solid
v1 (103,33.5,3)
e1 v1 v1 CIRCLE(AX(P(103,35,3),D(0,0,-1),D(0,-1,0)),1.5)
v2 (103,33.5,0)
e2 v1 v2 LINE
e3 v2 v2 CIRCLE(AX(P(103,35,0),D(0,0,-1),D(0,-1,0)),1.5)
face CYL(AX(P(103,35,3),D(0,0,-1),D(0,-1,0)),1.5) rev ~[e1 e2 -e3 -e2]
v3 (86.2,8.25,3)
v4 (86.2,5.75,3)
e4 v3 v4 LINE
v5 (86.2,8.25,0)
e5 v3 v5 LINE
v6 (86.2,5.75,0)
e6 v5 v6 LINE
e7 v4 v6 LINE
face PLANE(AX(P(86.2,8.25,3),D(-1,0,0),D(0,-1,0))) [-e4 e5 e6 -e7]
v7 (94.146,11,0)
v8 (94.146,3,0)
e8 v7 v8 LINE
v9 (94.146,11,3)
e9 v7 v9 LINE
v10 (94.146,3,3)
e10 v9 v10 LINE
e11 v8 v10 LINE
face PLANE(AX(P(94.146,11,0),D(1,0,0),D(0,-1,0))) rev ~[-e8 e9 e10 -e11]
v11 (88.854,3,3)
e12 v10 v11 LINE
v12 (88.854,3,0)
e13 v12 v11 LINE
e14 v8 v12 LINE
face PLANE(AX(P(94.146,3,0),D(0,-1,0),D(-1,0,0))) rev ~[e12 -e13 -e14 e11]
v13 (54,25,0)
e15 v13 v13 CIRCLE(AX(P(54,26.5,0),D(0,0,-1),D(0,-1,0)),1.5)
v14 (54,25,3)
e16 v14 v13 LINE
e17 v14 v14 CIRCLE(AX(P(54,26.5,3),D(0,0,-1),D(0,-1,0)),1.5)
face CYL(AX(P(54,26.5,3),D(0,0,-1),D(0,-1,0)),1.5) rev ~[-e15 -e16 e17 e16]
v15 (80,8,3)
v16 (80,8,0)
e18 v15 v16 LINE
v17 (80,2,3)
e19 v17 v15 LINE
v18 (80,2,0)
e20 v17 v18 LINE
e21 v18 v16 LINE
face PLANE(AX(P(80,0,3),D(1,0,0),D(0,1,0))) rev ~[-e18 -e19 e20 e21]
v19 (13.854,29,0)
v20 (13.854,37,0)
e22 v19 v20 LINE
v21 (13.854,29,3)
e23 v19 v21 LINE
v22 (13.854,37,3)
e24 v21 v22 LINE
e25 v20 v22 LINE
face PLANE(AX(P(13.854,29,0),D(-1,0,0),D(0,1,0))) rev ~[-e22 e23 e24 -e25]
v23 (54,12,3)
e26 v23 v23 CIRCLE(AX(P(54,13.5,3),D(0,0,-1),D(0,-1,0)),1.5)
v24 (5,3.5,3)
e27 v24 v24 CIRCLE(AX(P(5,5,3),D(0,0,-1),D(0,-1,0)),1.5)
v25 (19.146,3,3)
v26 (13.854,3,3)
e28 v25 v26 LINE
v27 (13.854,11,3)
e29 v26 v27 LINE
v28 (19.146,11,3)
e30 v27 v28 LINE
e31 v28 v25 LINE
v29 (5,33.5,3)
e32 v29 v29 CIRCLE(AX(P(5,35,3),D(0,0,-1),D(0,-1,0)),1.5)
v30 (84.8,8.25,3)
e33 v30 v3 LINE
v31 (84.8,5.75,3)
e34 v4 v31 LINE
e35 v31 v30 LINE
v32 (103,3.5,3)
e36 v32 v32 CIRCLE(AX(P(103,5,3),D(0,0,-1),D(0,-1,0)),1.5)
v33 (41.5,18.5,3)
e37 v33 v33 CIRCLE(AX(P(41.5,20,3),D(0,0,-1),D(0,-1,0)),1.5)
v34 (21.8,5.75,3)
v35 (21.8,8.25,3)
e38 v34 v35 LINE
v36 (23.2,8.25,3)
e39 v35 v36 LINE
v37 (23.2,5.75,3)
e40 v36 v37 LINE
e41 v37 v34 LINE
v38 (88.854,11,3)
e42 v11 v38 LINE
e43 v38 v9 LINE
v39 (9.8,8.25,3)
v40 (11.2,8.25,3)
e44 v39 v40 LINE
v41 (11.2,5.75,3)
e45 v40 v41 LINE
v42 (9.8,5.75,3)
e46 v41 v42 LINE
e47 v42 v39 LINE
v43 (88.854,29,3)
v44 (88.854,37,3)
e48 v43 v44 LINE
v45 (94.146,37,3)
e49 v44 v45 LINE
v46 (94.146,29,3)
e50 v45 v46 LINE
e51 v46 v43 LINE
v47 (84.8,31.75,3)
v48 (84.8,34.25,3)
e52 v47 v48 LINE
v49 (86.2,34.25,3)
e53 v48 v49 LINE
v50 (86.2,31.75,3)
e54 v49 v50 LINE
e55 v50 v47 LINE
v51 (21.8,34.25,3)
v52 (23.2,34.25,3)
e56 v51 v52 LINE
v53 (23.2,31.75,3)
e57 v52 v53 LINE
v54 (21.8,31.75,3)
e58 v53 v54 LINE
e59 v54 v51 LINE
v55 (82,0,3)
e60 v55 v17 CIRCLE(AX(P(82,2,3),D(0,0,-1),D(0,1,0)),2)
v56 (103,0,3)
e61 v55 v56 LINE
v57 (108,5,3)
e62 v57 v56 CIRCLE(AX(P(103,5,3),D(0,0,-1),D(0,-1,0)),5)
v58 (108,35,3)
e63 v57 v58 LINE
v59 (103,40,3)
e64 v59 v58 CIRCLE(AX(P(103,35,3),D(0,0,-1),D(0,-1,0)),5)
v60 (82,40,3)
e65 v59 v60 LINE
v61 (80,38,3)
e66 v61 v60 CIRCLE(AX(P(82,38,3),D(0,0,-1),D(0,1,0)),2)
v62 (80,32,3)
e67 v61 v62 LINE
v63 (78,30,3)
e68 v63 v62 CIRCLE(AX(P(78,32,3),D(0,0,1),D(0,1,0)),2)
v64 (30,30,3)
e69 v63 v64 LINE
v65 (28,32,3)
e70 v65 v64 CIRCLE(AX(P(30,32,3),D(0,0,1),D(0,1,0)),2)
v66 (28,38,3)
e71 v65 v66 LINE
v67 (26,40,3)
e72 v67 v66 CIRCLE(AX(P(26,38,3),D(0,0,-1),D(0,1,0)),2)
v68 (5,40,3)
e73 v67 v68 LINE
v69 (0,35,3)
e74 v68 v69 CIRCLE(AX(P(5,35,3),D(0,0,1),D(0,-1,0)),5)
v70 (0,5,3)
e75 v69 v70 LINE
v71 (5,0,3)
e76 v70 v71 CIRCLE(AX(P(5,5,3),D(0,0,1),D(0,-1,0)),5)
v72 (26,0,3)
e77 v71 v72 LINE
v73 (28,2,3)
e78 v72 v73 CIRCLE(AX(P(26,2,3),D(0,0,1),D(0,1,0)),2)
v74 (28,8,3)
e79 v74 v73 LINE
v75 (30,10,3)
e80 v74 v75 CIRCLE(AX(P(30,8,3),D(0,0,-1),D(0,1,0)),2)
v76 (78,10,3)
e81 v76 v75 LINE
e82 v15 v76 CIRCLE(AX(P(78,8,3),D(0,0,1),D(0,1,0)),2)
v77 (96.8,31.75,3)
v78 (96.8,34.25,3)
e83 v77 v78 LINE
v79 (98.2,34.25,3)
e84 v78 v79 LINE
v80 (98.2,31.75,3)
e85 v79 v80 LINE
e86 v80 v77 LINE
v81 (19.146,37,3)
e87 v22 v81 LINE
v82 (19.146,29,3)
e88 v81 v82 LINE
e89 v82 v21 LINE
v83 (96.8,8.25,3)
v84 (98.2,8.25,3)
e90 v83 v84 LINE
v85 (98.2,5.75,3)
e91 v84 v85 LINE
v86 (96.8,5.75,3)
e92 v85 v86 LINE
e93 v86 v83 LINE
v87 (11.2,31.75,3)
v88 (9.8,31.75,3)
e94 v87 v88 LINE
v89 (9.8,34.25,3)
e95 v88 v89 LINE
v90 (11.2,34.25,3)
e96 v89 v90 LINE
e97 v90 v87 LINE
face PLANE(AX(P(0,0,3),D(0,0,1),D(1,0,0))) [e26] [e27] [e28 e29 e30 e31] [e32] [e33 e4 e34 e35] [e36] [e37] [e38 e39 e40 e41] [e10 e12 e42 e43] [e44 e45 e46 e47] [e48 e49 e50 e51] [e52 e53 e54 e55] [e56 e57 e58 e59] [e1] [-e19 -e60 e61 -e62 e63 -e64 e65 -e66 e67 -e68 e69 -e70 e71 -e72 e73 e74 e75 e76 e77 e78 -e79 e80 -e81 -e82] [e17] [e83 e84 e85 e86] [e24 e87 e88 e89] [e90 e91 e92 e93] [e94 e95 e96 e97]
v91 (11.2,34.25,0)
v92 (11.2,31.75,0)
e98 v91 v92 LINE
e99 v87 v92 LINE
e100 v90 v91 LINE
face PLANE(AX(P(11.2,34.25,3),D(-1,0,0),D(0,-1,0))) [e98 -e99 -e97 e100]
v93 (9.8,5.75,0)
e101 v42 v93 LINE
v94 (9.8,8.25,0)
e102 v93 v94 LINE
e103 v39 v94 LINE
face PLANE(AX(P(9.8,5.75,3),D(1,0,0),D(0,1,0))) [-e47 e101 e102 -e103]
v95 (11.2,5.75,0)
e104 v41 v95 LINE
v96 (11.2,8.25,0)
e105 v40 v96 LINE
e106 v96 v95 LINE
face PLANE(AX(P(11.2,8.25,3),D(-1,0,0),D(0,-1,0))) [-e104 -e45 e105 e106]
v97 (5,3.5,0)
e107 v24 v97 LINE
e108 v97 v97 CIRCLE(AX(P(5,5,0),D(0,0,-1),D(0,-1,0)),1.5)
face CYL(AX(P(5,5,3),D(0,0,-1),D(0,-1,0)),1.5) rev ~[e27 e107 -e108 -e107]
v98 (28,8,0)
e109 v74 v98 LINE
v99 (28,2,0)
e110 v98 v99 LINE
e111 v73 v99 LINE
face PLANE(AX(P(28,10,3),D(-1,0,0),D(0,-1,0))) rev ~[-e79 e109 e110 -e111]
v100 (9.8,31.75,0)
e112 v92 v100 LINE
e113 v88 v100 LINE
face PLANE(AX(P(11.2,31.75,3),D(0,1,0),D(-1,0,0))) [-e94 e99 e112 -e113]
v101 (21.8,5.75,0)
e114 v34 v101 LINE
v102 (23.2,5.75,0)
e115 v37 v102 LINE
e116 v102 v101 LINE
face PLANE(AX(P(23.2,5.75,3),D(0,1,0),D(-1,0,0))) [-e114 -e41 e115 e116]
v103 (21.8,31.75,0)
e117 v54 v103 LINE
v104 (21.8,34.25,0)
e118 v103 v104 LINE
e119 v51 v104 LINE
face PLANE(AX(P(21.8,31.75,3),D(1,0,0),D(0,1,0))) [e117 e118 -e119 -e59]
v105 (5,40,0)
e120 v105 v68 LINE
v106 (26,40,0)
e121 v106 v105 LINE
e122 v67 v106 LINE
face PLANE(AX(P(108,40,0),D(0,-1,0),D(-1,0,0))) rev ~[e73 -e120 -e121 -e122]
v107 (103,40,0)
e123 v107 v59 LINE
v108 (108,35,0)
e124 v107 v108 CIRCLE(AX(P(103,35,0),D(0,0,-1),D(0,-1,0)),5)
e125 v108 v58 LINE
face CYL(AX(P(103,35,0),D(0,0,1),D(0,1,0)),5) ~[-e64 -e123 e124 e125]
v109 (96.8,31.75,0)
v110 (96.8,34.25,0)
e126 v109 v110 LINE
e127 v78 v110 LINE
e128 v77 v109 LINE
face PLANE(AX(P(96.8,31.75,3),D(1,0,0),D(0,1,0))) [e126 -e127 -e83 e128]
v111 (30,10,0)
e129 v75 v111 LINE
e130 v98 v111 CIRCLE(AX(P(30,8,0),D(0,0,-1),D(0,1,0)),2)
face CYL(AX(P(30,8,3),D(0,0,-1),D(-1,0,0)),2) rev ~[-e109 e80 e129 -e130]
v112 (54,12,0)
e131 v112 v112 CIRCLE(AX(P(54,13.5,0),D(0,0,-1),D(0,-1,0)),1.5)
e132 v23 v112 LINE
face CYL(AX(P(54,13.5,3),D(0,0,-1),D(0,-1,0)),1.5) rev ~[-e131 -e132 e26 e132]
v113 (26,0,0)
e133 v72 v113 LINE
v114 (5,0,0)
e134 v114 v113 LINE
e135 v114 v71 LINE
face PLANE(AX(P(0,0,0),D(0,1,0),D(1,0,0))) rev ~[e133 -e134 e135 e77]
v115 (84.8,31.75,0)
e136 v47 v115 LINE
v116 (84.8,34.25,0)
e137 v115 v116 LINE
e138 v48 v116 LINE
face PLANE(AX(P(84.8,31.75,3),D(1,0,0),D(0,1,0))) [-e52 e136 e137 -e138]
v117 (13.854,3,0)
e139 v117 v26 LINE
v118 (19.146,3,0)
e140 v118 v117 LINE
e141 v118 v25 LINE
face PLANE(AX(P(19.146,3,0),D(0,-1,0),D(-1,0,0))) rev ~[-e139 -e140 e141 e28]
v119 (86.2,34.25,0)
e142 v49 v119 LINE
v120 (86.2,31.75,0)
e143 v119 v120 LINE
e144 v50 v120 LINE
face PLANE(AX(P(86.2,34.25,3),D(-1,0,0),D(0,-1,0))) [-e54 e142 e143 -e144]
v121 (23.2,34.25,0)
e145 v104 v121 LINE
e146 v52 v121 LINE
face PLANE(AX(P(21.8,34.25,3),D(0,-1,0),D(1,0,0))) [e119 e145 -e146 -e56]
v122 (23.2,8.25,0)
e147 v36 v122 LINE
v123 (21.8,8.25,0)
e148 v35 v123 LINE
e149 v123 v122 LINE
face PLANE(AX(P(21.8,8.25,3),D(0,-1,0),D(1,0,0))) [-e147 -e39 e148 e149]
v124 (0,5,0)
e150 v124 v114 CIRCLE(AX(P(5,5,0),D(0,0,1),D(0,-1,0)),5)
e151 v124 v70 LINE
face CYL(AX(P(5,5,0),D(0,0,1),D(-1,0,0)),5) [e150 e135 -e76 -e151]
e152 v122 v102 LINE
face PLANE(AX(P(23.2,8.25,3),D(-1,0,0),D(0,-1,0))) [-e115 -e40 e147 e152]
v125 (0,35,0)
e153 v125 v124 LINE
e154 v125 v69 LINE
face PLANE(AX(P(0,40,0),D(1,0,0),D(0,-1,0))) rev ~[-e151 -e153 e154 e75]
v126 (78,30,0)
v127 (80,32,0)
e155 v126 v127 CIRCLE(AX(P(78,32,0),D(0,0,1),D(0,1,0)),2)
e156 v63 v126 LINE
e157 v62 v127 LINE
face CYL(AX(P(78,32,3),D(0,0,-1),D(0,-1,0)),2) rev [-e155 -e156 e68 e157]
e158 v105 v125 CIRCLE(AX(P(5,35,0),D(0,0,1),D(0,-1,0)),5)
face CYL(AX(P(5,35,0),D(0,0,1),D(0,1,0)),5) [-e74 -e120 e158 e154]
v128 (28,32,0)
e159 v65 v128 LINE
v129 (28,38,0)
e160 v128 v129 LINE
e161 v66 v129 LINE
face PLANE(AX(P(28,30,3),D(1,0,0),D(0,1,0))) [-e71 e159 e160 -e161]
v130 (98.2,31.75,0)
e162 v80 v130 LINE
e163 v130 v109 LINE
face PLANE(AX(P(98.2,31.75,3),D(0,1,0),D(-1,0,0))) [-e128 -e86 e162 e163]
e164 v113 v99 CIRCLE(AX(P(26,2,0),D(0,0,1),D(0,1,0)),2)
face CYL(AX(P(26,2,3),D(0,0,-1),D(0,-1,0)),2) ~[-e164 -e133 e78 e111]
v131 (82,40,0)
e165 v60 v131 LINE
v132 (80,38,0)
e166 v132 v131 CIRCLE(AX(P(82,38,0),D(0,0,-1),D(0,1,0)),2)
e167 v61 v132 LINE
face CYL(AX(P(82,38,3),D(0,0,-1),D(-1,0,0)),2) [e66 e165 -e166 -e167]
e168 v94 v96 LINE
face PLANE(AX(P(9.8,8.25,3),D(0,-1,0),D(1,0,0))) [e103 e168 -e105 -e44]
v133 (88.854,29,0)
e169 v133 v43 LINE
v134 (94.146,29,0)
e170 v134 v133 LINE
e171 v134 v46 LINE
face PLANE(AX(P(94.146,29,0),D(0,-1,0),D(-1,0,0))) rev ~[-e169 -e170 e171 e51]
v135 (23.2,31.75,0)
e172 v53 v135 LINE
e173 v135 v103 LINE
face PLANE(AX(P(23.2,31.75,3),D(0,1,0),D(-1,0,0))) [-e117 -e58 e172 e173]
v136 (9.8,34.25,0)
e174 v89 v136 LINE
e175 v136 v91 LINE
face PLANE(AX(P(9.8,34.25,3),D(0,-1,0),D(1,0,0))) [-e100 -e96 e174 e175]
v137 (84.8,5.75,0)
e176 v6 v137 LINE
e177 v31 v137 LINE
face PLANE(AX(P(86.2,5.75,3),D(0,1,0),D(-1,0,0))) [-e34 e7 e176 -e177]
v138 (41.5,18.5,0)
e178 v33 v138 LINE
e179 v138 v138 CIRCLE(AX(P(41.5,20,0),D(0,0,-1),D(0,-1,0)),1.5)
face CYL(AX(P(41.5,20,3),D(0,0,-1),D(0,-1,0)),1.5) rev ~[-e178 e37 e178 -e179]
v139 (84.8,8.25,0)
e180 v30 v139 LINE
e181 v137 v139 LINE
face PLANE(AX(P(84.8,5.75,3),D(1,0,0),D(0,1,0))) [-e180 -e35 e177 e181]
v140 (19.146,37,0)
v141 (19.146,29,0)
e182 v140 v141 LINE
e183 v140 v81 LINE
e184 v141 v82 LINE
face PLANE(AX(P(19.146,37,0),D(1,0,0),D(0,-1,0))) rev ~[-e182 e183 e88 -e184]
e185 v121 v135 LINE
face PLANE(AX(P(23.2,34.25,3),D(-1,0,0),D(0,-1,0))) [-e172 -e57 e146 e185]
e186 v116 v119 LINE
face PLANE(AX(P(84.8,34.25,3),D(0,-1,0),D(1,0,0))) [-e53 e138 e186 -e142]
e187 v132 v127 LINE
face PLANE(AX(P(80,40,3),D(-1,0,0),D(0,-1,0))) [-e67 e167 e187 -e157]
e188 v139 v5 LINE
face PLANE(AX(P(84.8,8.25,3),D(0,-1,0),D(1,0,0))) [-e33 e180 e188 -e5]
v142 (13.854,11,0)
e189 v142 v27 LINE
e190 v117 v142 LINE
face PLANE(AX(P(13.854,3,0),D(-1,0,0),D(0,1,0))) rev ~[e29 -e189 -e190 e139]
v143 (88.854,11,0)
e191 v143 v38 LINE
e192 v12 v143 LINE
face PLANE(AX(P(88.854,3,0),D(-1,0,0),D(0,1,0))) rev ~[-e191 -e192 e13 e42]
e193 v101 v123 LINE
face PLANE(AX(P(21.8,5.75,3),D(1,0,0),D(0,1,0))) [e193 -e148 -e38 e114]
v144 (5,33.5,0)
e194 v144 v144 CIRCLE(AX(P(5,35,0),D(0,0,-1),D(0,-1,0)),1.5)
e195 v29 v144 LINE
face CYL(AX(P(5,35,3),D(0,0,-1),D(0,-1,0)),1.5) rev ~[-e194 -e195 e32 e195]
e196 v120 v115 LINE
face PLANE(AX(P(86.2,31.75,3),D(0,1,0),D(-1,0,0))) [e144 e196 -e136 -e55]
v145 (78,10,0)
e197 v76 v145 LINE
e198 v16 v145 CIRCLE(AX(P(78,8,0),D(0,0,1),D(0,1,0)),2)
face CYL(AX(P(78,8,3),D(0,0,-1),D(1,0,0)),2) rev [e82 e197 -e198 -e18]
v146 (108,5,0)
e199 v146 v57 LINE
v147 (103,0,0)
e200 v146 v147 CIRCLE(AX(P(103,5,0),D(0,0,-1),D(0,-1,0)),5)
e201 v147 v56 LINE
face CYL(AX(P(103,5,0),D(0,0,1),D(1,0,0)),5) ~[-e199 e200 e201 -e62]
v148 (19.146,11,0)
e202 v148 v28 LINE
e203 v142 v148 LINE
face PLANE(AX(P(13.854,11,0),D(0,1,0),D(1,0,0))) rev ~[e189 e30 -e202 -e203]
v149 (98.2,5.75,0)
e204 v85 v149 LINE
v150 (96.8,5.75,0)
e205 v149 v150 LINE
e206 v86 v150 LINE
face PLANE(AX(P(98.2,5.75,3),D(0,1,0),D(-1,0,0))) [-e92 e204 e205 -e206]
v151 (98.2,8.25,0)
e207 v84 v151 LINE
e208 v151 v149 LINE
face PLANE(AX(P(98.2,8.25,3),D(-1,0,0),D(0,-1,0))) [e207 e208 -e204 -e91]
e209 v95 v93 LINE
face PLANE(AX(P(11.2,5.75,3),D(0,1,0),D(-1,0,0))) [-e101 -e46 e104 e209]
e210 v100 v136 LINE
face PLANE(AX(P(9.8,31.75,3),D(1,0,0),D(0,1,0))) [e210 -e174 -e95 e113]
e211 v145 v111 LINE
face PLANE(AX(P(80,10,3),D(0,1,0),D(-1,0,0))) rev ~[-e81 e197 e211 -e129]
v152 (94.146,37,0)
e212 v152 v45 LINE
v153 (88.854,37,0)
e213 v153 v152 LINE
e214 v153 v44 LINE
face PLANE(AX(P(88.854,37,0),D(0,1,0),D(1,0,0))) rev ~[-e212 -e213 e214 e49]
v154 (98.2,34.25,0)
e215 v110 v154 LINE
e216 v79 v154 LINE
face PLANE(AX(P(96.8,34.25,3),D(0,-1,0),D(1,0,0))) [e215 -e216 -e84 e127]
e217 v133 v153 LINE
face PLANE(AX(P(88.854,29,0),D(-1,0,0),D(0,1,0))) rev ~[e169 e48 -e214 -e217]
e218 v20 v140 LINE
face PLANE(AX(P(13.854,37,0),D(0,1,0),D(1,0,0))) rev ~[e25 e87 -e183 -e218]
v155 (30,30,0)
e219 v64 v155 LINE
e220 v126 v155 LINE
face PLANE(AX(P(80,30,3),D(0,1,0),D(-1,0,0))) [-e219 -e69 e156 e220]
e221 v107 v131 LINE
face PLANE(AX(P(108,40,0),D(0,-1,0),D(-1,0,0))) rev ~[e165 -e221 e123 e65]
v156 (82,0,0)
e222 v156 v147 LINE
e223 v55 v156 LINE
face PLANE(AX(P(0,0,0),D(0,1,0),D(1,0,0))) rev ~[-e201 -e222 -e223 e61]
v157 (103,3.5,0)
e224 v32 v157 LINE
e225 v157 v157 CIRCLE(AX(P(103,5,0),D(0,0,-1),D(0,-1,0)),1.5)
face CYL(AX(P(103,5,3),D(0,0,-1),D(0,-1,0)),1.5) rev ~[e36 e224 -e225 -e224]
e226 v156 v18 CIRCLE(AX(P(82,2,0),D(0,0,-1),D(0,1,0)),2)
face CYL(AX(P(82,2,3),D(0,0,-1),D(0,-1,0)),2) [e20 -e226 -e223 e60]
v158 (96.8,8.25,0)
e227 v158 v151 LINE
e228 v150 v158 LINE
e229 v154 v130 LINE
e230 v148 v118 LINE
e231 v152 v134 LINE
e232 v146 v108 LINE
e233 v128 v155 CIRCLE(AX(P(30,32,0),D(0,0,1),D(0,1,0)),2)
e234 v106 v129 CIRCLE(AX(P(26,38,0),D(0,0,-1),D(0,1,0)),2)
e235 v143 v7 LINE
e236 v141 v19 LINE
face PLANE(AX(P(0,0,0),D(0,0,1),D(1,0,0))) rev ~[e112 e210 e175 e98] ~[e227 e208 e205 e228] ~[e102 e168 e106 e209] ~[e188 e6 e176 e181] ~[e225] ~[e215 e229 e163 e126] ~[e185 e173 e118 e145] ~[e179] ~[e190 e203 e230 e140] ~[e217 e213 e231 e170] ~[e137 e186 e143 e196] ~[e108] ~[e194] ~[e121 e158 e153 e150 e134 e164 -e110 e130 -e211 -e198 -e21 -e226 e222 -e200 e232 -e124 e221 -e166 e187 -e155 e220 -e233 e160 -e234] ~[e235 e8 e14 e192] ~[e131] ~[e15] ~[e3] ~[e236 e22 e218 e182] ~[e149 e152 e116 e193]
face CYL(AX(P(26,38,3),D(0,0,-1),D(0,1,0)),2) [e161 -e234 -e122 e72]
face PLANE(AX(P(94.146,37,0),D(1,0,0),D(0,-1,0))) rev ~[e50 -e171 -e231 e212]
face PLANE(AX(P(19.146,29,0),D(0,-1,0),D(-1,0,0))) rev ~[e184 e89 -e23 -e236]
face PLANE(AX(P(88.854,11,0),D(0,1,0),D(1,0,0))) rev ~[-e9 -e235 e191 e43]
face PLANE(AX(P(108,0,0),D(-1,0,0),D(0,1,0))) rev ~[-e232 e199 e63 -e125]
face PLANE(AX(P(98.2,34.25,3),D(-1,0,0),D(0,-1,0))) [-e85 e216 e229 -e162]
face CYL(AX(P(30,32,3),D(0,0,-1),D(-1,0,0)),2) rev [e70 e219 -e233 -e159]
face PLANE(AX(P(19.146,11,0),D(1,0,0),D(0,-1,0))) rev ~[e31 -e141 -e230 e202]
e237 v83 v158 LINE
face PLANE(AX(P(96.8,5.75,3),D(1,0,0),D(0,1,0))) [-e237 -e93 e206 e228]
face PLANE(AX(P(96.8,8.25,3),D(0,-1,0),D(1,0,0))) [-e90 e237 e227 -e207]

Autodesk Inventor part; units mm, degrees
ref_plane "YZ Plane" through (0, 0, 0) normal (1, 0, 0) x (0, 1, 0)
ref_plane "XZ Plane" through (0, 0, 0) normal (0, 1, 0) x (-1, 0, 0)
ref_plane "XY Plane" through (0, 0, 0) normal (0, 0, 1) x (1, 0, 0)
sketch "Sketch1" plane through (0, 0, 0) normal (0, 0, 1) x (1, 0, 0)
  line L0 (0, 0) -> (108, 0)
  line L1 (108, 0) -> (108, 40)
  line L2 (108, 40) -> (0, 40)
  line L3 (0, 40) -> (0, 0)
  line L4 (13.854, 37) -> (19.146, 37)
  line L5 (19.146, 37) -> (19.146, 29)
  line L6 (19.146, 29) -> (13.854, 29)
  line L7 (13.854, 29) -> (13.854, 37)
  line L8 (13.854, 11) -> (19.146, 11)
  line L9 (19.146, 11) -> (19.146, 3)
  line L10 (19.146, 3) -> (13.854, 3)
  line L11 (13.854, 3) -> (13.854, 11)
  line L12 (88.854, 37) -> (94.146, 37)
  line L13 (94.146, 37) -> (94.146, 29)
  line L14 (94.146, 29) -> (88.854, 29)
  line L15 (88.854, 29) -> (88.854, 37)
  line L16 (88.854, 11) -> (94.146, 11)
  line L17 (94.146, 11) -> (94.146, 3)
  line L18 (94.146, 3) -> (88.854, 3)
  line L19 (88.854, 3) -> (88.854, 11)
  dimension "d0" = 40
  dimension "d1" = 108
  dimension "d73" = 8
  dimension "d74" = 5.292
  dimension "d75" = 3
  dimension "d76" = 13.854
  dimension "d77" = 5.292
  dimension "d78" = 8
  dimension "d79" = 3
  dimension "d80" = 5.292
  dimension "d81" = 8
  dimension "d82" = 13.854
  dimension "d83" = 3
  dimension "d84" = 5.292
  dimension "d85" = 13.854
extrude "Extrusion1" add sketch "Sketch1" along normal blind 3
sketch "Sketch3" plane through (0, 0, 3) normal (0, 0, 1) x (1, 0, 0)
  line L0 (0, 0) -> (0, 40) projected
  line L1 (108, 0) -> (0, 0) projected
  line L2 (0, 40) -> (108, 40) projected
  point P0 (54, 26.5)
  point P1 (54, 13.5)
  dimension "d56" = 54
  dimension "d57" = 13.5
  dimension "d58" = 13.5
  dimension "d59" = 54
hole "Hole1" at (54, 26.5, 3) at (54, 13.5, 3) direction (0, 0, -1) diameter 3 end through all
sketch "Sketch8" plane through (0, 0, 3) normal (0, 0, 1) x (1, 0, 0)
  line L0 (108, 0) -> (0, 0) projected
  line L1 (0, 40) -> (108, 40) projected
  line L2 (28, 40) -> (80, 40)
  line L3 (80, 40) -> (80, 30)
  line L4 (80, 30) -> (28, 30)
  line L5 (28, 30) -> (28, 40)
  line L6 (28, 0) -> (80, 0)
  line L7 (80, 0) -> (80, 10)
  line L8 (80, 10) -> (28, 10)
  line L9 (28, 10) -> (28, 0)
  line L10 (108, 40) -> (108, 0) projected
  line L11 (0, 0) -> (0, 40) projected
  dimension "d68" = 10
  dimension "d69" = 10
  dimension "d87" = 28
  dimension "d88" = 28
  dimension "d130" = 28
  dimension "d131" = 28
extrude "Extrusion5" cut sketch "Sketch8" against normal through all contours L0 L9 L8 L7 | L3 L4 L5 L1
fillet "Fillet3" radius 2 8 edges at (28, 40, 1.5) (28, 0, 1.5) (28, 10, 1.5) (28, 30, 1.5) (80, 10, 1.5) (80, 30, 1.5) (80, 0, 1.5) (80, 40, 1.5)
fillet "Fillet4" radius 5 4 edges at (0, 0, 1.5) (0, 40, 1.5) (108, 0, 1.5) (108, 40, 1.5)
sketch "Sketch12" plane through (0, 0, 3) normal (0, 0, 1) x (1, 0, 0)
  arc A0 (5, 40) -> (0, 35) centre (5, 35) ccw projected
  arc A1 (0, 5) -> (5, 0) centre (5, 5) ccw projected
  arc A2 (103, 0) -> (108, 5) centre (103, 5) ccw projected
  arc A3 (108, 35) -> (103, 40) centre (103, 35) ccw projected
  circle A4 centre (54, 26.5) radius 1.5 projected
  line L0 (78, 30) -> (30, 30) projected
  point P0 (41.5, 20)
  dimension "d141" = 12.5
  dimension "d142" = 10
hole "Hole4" at (5, 35, 3) at (5, 5, 3) at (103, 35, 3) at (103, 5, 3) at (41.5, 20, 3) direction (0, 0, -1) diameter 3 end through all
sketch "草圖14" plane through (0, 0, 3) normal (0, 0, 1) x (1, 0, 0)
  line L0 (94.146, 37) -> (94.146, 29) projected
  line L1 (88.854, 29) -> (88.854, 37) projected
  line L2 (19.146, 37) -> (19.146, 29) projected
  line L3 (13.854, 29) -> (13.854, 37) projected
  line L4 (13.854, 37) -> (19.146, 37) projected
  line L5 (13.854, 11) -> (19.146, 11) projected
  line L6 (9.8, 34.25) -> (11.2, 34.25)
  line L7 (11.2, 34.25) -> (11.2, 31.75)
  line L8 (11.2, 31.75) -> (9.8, 31.75)
  line L9 (9.8, 31.75) -> (9.8, 34.25)
  line L10 (21.8, 34.25) -> (23.2, 34.25)
  line L11 (23.2, 34.25) -> (23.2, 31.75)
  line L12 (23.2, 31.75) -> (21.8, 31.75)
  line L13 (21.8, 31.75) -> (21.8, 34.25)
  line L14 (9.8, 8.25) -> (11.2, 8.25)
  line L15 (11.2, 8.25) -> (11.2, 5.75)
  line L16 (11.2, 5.75) -> (9.8, 5.75)
  line L17 (9.8, 5.75) -> (9.8, 8.25)
  line L18 (21.8, 8.25) -> (23.2, 8.25)
  line L19 (23.2, 8.25) -> (23.2, 5.75)
  line L20 (23.2, 5.75) -> (21.8, 5.75)
  line L21 (21.8, 5.75) -> (21.8, 8.25)
  line L22 (84.8, 34.25) -> (86.2, 34.25)
  line L23 (86.2, 34.25) -> (86.2, 31.75)
  line L24 (86.2, 31.75) -> (84.8, 31.75)
  line L25 (84.8, 31.75) -> (84.8, 34.25)
  line L26 (96.8, 34.25) -> (98.2, 34.25)
  line L27 (98.2, 34.25) -> (98.2, 31.75)
  line L28 (98.2, 31.75) -> (96.8, 31.75)
  line L29 (96.8, 31.75) -> (96.8, 34.25)
  line L30 (84.8, 8.25) -> (86.2, 8.25)
  line L31 (86.2, 8.25) -> (86.2, 5.75)
  line L32 (86.2, 5.75) -> (84.8, 5.75)
  line L33 (84.8, 5.75) -> (84.8, 8.25)
  line L34 (96.8, 8.25) -> (98.2, 8.25)
  line L35 (98.2, 8.25) -> (98.2, 5.75)
  line L36 (98.2, 5.75) -> (96.8, 5.75)
  line L37 (96.8, 5.75) -> (96.8, 8.25)
  point P0 (0, 0)
  dimension "d143" = 1.4
  dimension "d145" = 2.654
  dimension "d146" = 2.75
  dimension "d147" = 2.5
  dimension "d148" = 1.4
  dimension "d149" = 2.654
  dimension "d150" = 2.5
  dimension "d151" = 1.4
  dimension "d152" = 2.75
  dimension "d153" = 1.4
  dimension "d154" = 2.5
  dimension "d155" = 2.654
  dimension "d156" = 2.654
  dimension "d157" = 1.4
  dimension "d158" = 1.4
  dimension "d159" = 1.4
extrude "擠出7" cut sketch "草圖14" against normal through all
properties part number "plastic_part_12"
